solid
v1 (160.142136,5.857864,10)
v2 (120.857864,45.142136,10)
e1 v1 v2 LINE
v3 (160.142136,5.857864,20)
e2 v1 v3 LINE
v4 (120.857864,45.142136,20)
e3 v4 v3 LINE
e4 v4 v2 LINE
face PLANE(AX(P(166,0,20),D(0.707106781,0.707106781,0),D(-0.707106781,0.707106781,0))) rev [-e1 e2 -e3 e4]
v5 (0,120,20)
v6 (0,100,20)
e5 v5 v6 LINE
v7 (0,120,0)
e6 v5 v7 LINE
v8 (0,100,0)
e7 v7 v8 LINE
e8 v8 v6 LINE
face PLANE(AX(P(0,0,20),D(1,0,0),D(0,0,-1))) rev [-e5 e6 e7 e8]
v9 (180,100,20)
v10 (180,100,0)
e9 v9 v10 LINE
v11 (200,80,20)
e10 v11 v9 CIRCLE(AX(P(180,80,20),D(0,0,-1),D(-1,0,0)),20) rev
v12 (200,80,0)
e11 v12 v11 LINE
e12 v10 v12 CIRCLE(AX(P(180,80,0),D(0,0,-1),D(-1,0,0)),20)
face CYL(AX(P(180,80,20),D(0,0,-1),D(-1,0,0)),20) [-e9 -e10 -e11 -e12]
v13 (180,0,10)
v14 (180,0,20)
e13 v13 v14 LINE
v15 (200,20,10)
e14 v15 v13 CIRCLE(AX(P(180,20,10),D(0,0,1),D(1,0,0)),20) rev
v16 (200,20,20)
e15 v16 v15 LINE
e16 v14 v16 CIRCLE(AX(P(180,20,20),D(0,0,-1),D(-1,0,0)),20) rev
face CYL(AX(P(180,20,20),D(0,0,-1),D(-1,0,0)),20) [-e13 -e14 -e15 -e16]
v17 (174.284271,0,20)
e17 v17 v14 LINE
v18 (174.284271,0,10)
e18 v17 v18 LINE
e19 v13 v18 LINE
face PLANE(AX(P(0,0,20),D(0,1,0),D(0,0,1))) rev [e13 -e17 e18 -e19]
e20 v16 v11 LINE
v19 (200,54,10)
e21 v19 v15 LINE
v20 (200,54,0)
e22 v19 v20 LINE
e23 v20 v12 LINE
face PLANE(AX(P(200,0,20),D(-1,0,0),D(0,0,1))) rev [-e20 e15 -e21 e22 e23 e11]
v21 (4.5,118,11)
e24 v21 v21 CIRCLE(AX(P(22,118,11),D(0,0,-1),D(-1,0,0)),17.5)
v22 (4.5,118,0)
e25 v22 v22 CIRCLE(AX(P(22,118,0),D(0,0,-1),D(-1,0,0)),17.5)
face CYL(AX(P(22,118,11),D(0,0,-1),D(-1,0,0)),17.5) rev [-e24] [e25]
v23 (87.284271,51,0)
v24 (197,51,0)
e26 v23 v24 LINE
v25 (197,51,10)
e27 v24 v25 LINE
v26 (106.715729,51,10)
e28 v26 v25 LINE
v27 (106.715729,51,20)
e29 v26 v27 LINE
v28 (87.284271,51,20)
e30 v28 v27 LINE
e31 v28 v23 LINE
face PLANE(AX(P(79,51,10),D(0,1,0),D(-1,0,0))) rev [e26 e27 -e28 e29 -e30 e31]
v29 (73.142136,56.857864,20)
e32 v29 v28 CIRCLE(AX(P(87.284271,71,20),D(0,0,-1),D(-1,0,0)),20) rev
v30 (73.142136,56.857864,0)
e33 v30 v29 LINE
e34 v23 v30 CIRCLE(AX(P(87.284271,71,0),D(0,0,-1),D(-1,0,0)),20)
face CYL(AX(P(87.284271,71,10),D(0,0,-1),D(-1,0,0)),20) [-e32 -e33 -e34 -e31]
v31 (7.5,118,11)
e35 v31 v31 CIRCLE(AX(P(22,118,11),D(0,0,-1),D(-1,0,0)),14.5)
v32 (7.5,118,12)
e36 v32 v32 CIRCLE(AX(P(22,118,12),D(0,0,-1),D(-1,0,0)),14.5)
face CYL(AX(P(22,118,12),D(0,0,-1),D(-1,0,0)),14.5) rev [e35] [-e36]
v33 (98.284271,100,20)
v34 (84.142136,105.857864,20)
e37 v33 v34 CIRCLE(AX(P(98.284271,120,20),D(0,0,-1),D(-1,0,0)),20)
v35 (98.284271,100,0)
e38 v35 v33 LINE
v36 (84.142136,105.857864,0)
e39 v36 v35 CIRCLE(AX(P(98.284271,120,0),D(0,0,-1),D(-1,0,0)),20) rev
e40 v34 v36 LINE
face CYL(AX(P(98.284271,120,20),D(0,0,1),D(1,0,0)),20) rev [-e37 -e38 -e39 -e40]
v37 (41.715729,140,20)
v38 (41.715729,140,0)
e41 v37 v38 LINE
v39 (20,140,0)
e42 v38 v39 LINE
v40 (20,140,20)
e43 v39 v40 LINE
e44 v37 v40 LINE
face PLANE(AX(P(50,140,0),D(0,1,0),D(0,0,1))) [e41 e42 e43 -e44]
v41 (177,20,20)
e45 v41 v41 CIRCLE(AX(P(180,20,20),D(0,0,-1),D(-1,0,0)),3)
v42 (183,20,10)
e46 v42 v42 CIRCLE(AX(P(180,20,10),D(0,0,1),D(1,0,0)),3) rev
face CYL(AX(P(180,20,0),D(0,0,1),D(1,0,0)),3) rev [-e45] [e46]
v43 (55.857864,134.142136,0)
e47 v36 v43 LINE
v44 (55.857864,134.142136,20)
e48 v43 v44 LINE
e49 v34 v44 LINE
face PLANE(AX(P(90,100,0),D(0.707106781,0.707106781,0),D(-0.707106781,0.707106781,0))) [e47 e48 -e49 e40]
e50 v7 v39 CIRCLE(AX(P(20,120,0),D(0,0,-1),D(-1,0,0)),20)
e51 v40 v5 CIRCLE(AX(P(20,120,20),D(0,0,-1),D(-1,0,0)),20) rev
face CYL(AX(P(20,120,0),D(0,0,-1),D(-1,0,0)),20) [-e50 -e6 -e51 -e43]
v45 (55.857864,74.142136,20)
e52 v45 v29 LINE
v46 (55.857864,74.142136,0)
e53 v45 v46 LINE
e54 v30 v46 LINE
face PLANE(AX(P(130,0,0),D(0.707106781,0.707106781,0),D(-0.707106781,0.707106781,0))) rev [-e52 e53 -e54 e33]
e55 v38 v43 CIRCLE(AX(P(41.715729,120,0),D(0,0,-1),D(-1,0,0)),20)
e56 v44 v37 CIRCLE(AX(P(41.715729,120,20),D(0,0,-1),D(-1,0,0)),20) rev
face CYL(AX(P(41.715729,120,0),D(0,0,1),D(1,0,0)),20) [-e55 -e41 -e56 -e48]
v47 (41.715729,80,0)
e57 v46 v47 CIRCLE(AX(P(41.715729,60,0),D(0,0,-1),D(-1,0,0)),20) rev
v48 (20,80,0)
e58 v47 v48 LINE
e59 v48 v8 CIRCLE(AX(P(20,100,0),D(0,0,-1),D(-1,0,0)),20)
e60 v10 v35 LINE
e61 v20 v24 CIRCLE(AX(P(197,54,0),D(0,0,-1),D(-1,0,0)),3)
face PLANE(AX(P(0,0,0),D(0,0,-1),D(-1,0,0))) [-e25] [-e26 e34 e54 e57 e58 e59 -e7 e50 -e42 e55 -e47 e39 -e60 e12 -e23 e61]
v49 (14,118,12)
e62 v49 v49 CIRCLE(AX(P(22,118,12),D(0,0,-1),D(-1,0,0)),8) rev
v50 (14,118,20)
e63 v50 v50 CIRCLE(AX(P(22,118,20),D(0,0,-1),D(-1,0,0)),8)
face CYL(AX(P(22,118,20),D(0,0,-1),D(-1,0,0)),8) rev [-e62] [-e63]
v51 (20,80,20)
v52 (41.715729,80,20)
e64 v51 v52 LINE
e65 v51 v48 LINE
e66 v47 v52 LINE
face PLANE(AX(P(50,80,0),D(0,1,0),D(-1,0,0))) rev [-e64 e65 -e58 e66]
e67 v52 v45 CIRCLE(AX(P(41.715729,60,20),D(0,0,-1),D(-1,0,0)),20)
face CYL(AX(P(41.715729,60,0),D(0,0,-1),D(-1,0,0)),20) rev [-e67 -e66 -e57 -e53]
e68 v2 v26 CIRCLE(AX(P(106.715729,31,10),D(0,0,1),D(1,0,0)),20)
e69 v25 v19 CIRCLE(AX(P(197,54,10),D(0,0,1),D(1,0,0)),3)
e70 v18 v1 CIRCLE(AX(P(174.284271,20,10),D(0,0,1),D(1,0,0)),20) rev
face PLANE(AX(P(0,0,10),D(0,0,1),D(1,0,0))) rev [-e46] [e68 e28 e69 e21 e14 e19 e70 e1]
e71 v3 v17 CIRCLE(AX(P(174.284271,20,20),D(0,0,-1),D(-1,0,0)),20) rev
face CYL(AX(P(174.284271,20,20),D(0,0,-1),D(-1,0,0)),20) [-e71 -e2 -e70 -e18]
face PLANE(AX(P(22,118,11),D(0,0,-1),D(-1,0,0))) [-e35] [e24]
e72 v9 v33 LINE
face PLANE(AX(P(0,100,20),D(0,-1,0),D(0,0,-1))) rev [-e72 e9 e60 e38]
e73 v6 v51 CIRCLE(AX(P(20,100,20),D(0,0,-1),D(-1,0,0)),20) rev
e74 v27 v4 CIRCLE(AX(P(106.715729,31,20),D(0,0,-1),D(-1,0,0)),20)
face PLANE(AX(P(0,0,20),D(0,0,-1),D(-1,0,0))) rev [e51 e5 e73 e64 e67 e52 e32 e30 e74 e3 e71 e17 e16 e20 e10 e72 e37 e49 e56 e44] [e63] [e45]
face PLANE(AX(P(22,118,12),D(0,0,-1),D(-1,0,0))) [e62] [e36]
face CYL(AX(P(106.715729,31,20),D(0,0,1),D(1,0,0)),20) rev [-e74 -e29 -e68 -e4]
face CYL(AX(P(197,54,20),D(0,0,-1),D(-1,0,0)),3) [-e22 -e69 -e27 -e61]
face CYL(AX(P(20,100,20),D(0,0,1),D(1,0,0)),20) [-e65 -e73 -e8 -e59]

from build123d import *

# Parameters (mm, degrees)
ESQUISSE1_W                  = 200
ESQUISSE1_H                  = 100
BOSS_EXTRU_1_DEPTH           = 20
ENL_V_MAT_EXTRU_1_DEPTH      = 225.499443206
ENL_V_MAT_EXTRU_1_DEPTH_BACK = 225.499443206
ESQUISSE2_R                  = 3
ENL_V_MAT_EXTRU_2_DEPTH      = 225.499443206
ENL_V_MAT_EXTRU_2_DEPTH_BACK = 225.499443206
ENL_V_MAT_EXTRU_3_DEPTH      = 10
ENL_V_MAT_EXTRU_4_DEPTH      = 224.830292856
ENL_V_MAT_EXTRU_4_DEPTH_BACK = 224.830292856
BOSS_EXTRU_2_DEPTH           = 20
ESQUISSE7_R                  = 17.5
ENL_V_MAT_EXTRU_5_DEPTH      = 11
ENL_V_MAT_EXTRU_6_DEPTH      = 245.378804318
ENL_V_MAT_EXTRU_6_DEPTH_BACK = 245.378804318
ESQUISSE8_R                  = 8
ESQUISSE9_R                  = 14.5
ENL_V_MAT_EXTRU_7_DEPTH      = 1
CONG_1_R                     = 20
CONG_2_R                     = 3


with BuildPart() as part:
    # Esquisse1 → Boss.-Extru.1 (new body)
    with BuildSketch(Plane.XY):
        with Locations((100, 50)):
            Rectangle(ESQUISSE1_W, ESQUISSE1_H)
    extrude(amount=BOSS_EXTRU_1_DEPTH)

    # Esquisse2 → Enlèv. mat.-Extru.1 (cut, two sides: drawn at the far end of the back side and taken through both)
    with BuildSketch(Plane.XY.offset(20).offset(-ENL_V_MAT_EXTRU_1_DEPTH_BACK)):
        with Locations((180, 20)):
            Circle(ESQUISSE2_R)
    extrude(amount=ENL_V_MAT_EXTRU_1_DEPTH + ENL_V_MAT_EXTRU_1_DEPTH_BACK, mode=Mode.SUBTRACT)

    # Esquisse3 → Enlèv. mat.-Extru.2 (cut, two sides: drawn at the far end of the back side and taken through both)
    with BuildSketch(Plane.XY.offset(20).offset(-ENL_V_MAT_EXTRU_2_DEPTH_BACK)):
        Polygon((130, 0), (50, 80), (0, 80), (0, 0), align=None)
    extrude(amount=ENL_V_MAT_EXTRU_2_DEPTH + ENL_V_MAT_EXTRU_2_DEPTH_BACK, mode=Mode.SUBTRACT)

    # Esquisse4 → Enlèv. mat.-Extru.3 (cut)
    with BuildSketch(Plane(origin=(0, 0, 0), x_dir=(-1, 0, 0), z_dir=(0, 0, -1))):
        Polygon((-130, 0), (-79, 51), (-200, 51), (-200, 0), align=None)
    extrude(amount=-ENL_V_MAT_EXTRU_3_DEPTH, mode=Mode.SUBTRACT)

    # Esquisse5 → Enlèv. mat.-Extru.4 (cut, two sides: drawn at the far end of the back side and taken through both)
    with BuildSketch(Plane(origin=(0, 0, 10), x_dir=(-1, 0, 0), z_dir=(0, 0, -1)).offset(-ENL_V_MAT_EXTRU_4_DEPTH_BACK)):
        Polygon((-130, 0), (-166, 0), (-115, 51), (-79, 51), align=None)
    extrude(amount=ENL_V_MAT_EXTRU_4_DEPTH + ENL_V_MAT_EXTRU_4_DEPTH_BACK, mode=Mode.SUBTRACT)

    # Esquisse6 → Boss.-Extru.2 (add)
    with BuildSketch(Plane.XY.offset(20)):
        Polygon((0, 100), (90, 100), (50, 140), (0, 140), align=None)
    extrude(amount=-BOSS_EXTRU_2_DEPTH)

    # Esquisse7 → Enlèv. mat.-Extru.5 (cut)
    with BuildSketch(Plane(origin=(0, 0, 0), x_dir=(-1, 0, 0), z_dir=(0, 0, -1))):
        with Locations((-22, 118)):
            Circle(ESQUISSE7_R)
    extrude(amount=-ENL_V_MAT_EXTRU_5_DEPTH, mode=Mode.SUBTRACT)

    # Esquisse8 → Enlèv. mat.-Extru.6 (cut, two sides: drawn at the far end of the back side and taken through both)
    with BuildSketch(Plane(origin=(0, 0, 11), x_dir=(-1, 0, 0), z_dir=(0, 0, -1)).offset(-ENL_V_MAT_EXTRU_6_DEPTH_BACK)):
        with Locations((-22, 118)):
            Circle(ESQUISSE8_R)
    extrude(amount=ENL_V_MAT_EXTRU_6_DEPTH + ENL_V_MAT_EXTRU_6_DEPTH_BACK, mode=Mode.SUBTRACT)

    # Esquisse9 → Enlèv. mat.-Extru.7 (cut)
    with BuildSketch(Plane(origin=(0, 0, 11), x_dir=(-1, 0, 0), z_dir=(0, 0, -1))):
        with Locations((-22, 118)):
            Circle(ESQUISSE9_R)
    extrude(amount=-ENL_V_MAT_EXTRU_7_DEPTH, mode=Mode.SUBTRACT)

    # Congé1
    cong_1_edges = [part.edges().sort_by_distance(p)[0] for p in [
        (0, 80, 10),
        (50, 80, 10),
        (79, 51, 10),
        (115, 51, 15),
        (166, 0, 15),
        (200, 100, 10),
        (0, 140, 10),
        (200, 0, 15),
        (50, 140, 10),
        (90, 100, 10),
    ]]
    fillet(cong_1_edges, radius=CONG_1_R)

    # Congé2
    cong_2_edges = [part.edges().sort_by_distance(p)[0] for p in [
        (200, 51, 5),
    ]]
    fillet(cong_2_edges, radius=CONG_2_R)


solid = part.part
